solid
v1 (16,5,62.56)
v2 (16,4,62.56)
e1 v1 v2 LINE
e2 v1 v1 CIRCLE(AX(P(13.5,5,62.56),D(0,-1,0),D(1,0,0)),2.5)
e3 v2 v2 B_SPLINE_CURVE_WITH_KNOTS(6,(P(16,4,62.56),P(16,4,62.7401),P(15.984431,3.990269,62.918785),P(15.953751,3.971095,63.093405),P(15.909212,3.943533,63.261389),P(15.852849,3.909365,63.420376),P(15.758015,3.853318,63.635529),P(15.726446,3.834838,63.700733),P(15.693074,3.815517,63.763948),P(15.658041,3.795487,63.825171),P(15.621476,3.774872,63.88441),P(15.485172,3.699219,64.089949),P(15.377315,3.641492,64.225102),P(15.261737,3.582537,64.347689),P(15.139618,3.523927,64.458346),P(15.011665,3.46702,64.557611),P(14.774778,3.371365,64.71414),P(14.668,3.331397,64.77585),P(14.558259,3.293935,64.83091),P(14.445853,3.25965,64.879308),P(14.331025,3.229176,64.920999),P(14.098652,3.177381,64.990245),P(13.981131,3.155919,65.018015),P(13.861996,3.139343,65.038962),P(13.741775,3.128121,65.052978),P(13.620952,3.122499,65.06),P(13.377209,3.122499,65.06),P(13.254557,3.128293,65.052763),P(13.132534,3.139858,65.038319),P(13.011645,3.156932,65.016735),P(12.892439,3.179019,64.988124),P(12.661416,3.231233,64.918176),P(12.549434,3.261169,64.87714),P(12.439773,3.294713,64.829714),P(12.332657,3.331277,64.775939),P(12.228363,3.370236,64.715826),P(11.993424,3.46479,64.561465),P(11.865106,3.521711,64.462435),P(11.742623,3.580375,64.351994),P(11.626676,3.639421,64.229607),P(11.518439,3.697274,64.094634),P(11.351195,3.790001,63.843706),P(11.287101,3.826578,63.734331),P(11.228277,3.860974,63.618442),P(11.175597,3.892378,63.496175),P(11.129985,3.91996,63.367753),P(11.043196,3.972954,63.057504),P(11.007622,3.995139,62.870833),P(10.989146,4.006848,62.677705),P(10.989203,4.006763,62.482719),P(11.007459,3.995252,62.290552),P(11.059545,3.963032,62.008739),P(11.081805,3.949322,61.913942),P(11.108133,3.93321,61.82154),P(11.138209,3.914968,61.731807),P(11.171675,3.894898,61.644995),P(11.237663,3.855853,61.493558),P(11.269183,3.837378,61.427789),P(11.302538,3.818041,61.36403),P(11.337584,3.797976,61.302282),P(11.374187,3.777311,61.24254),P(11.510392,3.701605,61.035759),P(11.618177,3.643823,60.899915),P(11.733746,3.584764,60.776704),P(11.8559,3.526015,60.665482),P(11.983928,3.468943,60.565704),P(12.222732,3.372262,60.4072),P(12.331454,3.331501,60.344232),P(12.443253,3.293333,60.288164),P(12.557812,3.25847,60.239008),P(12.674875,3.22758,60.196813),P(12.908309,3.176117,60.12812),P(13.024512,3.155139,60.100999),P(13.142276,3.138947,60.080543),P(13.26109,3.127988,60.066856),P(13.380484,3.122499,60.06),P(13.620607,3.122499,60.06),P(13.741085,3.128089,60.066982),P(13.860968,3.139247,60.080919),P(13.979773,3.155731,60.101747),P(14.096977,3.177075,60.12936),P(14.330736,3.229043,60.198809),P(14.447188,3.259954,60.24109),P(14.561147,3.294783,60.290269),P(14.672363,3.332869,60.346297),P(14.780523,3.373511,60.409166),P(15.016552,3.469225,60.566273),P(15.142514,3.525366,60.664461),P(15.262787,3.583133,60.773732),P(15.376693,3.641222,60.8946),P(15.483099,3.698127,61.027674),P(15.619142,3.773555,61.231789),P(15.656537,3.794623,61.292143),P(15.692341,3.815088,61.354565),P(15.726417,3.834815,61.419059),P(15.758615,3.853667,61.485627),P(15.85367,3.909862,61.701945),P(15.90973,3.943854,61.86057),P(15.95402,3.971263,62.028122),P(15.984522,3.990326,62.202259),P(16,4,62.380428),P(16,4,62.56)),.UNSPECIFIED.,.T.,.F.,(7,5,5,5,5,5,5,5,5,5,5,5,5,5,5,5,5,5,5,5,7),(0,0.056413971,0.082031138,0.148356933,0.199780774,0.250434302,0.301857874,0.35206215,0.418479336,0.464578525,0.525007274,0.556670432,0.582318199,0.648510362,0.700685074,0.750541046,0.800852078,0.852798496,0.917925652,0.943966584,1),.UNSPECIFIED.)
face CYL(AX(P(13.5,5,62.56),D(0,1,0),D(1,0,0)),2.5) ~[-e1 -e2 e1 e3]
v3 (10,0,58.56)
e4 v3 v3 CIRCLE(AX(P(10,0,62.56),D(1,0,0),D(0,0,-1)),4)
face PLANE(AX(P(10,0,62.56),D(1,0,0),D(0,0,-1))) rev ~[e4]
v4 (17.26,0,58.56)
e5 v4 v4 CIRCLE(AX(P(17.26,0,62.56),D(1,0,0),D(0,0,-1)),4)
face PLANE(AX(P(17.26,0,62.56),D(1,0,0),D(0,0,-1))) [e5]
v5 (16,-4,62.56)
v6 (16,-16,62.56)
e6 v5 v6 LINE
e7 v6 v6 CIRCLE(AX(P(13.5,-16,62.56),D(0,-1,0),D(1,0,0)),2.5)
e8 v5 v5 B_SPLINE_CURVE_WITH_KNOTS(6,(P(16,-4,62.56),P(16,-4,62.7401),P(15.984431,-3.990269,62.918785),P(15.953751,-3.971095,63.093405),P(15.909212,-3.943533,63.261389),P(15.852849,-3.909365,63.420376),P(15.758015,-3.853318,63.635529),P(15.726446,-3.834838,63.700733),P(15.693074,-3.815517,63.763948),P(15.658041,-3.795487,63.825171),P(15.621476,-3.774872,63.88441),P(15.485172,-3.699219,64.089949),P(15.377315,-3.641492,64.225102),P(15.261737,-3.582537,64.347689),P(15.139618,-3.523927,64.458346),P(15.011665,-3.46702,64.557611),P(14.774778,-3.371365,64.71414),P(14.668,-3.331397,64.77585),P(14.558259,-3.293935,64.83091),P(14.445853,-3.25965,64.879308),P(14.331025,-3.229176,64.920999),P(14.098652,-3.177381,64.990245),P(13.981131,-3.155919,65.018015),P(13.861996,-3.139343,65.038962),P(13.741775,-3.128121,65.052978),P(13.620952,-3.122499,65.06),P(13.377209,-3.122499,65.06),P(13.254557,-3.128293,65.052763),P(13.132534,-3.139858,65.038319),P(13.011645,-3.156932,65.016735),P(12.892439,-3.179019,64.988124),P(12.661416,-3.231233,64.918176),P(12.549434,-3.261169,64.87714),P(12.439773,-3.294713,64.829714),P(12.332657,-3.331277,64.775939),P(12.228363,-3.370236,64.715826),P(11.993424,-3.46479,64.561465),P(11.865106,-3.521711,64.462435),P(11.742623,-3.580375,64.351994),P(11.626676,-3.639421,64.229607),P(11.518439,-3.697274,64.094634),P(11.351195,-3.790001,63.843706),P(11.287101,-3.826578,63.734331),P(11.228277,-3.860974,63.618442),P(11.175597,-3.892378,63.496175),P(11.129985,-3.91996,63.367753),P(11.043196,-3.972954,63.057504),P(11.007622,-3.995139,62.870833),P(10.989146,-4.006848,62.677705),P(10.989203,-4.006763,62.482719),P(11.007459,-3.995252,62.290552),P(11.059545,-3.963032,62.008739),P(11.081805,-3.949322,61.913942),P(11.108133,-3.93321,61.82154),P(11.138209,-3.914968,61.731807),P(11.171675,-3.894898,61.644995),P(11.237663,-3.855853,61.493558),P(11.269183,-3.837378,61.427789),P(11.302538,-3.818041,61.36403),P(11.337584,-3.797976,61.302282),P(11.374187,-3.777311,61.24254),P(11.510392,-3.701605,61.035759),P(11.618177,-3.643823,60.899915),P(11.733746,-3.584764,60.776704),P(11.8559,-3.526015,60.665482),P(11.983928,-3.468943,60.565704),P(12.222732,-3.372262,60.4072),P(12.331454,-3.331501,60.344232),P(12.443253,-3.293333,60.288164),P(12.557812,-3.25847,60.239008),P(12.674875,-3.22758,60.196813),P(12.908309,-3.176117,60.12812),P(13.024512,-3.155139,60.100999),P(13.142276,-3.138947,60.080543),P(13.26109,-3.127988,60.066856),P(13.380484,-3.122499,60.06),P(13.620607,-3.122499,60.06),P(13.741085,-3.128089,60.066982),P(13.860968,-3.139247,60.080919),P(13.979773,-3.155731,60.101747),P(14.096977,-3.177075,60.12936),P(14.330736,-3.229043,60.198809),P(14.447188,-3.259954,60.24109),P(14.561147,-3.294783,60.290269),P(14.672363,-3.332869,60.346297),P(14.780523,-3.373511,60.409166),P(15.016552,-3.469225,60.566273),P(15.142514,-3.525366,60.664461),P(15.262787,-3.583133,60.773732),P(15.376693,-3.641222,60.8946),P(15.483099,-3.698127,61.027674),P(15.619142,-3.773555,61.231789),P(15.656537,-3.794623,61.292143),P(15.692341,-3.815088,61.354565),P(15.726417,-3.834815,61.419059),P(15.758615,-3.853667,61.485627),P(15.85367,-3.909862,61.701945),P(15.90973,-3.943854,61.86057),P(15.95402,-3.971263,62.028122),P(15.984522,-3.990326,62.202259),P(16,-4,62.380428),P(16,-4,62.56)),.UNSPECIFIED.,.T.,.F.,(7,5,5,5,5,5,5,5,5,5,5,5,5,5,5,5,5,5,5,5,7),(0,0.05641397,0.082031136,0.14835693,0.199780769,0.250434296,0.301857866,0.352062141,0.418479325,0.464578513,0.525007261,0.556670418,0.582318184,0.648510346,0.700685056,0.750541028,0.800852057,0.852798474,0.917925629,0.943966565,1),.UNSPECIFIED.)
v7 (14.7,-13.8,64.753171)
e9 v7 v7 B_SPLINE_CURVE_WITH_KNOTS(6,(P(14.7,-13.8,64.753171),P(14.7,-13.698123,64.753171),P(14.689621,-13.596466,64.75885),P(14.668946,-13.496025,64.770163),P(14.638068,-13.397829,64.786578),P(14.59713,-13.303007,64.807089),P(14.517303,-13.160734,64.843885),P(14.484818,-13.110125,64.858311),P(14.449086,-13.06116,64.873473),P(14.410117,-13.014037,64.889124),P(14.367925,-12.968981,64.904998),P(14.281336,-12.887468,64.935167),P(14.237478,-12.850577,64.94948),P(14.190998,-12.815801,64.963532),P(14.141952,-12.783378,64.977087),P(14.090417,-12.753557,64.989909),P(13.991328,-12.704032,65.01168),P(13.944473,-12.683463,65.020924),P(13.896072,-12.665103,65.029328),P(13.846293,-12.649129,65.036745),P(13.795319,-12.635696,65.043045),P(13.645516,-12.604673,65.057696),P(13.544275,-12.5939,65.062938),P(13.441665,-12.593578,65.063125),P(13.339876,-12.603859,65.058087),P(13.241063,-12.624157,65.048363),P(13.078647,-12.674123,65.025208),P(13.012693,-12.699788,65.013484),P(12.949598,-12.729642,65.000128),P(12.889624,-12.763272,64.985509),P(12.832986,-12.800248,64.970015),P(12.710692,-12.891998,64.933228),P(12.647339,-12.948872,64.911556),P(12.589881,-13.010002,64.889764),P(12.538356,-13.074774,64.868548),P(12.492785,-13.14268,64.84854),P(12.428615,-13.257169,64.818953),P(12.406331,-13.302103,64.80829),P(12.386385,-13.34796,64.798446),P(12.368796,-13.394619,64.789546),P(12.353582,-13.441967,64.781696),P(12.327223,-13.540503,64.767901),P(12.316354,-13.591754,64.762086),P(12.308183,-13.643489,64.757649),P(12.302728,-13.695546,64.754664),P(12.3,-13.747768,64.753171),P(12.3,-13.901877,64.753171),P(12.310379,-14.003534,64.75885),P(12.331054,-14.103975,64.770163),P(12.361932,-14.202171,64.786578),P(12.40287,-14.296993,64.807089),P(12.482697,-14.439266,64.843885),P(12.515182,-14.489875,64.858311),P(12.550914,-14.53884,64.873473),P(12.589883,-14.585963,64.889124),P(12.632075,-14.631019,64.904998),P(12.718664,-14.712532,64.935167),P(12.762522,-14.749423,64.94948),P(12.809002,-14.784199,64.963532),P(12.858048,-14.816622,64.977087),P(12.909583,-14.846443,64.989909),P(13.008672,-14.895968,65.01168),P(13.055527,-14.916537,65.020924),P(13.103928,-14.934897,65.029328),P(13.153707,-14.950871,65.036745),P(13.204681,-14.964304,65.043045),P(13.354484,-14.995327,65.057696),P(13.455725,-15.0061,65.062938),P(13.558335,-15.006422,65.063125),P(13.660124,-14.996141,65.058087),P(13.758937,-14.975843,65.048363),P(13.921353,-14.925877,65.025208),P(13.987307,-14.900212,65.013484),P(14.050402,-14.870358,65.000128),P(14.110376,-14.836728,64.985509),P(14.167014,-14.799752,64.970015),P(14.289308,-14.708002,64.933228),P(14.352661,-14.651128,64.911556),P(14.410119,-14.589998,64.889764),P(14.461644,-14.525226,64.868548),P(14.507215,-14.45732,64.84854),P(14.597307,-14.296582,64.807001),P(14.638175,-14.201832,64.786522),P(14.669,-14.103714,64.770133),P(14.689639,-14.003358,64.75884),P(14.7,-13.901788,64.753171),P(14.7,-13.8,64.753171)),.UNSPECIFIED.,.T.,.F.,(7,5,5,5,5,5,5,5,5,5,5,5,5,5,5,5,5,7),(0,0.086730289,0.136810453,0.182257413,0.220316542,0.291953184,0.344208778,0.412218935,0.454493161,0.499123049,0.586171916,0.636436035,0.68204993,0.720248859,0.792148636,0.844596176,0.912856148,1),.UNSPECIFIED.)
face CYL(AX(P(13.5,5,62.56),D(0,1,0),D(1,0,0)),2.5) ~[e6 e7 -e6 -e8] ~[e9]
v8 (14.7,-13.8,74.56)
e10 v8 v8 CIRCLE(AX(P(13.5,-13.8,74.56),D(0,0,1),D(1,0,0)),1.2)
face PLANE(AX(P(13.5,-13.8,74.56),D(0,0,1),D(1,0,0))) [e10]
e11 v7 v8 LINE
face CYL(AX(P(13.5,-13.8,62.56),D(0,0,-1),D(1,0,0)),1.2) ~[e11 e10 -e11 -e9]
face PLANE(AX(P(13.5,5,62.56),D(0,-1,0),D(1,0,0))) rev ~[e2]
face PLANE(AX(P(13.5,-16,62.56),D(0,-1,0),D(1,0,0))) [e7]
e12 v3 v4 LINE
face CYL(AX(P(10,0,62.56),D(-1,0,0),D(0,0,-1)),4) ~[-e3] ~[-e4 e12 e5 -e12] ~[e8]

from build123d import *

# Parameters (mm, degrees)
CYLINDER012_R     = 2.5
CYLINDER012_DEPTH = 21
CYLINDER011_R     = 1.2
CYLINDER011_DEPTH = 12
CYLINDER010_R     = 4
CYLINDER010_DEPTH = 7.26


with BuildPart() as cylinder012:
    # Cylinder012 → Cylinder012 (new body)
    with BuildSketch(Plane(origin=(3.5, 5, 0), x_dir=(1, 0, 0), z_dir=(0, -1, 0))):
        Circle(CYLINDER012_R)
    extrude(amount=CYLINDER012_DEPTH)


with BuildPart() as cylinder011:
    # Cylinder011 → Cylinder011 (new body)
    with BuildSketch(Plane(origin=(3.5, -13.8, 0), x_dir=(1, 0, 0), z_dir=(0, 0, 1))):
        Circle(CYLINDER011_R)
    extrude(amount=CYLINDER011_DEPTH)


with BuildPart() as valve003:
    # Cylinder010 → Cylinder010 (new body)
    with BuildSketch(Plane(origin=(0, 0, 0), x_dir=(0, 0, -1), z_dir=(1, 0, 0))):
        Circle(CYLINDER010_R)
    extrude(amount=CYLINDER010_DEPTH)

    # Fusion003: union Cylinder012, Cylinder011
    add(cylinder012.part)
    add(cylinder011.part)


with BuildPart() as valve003_1:
    # Fusion003 placement: moved
    add(valve003.part.moved(Location((10, 0, 62.56))))


solid = valve003_1.part
